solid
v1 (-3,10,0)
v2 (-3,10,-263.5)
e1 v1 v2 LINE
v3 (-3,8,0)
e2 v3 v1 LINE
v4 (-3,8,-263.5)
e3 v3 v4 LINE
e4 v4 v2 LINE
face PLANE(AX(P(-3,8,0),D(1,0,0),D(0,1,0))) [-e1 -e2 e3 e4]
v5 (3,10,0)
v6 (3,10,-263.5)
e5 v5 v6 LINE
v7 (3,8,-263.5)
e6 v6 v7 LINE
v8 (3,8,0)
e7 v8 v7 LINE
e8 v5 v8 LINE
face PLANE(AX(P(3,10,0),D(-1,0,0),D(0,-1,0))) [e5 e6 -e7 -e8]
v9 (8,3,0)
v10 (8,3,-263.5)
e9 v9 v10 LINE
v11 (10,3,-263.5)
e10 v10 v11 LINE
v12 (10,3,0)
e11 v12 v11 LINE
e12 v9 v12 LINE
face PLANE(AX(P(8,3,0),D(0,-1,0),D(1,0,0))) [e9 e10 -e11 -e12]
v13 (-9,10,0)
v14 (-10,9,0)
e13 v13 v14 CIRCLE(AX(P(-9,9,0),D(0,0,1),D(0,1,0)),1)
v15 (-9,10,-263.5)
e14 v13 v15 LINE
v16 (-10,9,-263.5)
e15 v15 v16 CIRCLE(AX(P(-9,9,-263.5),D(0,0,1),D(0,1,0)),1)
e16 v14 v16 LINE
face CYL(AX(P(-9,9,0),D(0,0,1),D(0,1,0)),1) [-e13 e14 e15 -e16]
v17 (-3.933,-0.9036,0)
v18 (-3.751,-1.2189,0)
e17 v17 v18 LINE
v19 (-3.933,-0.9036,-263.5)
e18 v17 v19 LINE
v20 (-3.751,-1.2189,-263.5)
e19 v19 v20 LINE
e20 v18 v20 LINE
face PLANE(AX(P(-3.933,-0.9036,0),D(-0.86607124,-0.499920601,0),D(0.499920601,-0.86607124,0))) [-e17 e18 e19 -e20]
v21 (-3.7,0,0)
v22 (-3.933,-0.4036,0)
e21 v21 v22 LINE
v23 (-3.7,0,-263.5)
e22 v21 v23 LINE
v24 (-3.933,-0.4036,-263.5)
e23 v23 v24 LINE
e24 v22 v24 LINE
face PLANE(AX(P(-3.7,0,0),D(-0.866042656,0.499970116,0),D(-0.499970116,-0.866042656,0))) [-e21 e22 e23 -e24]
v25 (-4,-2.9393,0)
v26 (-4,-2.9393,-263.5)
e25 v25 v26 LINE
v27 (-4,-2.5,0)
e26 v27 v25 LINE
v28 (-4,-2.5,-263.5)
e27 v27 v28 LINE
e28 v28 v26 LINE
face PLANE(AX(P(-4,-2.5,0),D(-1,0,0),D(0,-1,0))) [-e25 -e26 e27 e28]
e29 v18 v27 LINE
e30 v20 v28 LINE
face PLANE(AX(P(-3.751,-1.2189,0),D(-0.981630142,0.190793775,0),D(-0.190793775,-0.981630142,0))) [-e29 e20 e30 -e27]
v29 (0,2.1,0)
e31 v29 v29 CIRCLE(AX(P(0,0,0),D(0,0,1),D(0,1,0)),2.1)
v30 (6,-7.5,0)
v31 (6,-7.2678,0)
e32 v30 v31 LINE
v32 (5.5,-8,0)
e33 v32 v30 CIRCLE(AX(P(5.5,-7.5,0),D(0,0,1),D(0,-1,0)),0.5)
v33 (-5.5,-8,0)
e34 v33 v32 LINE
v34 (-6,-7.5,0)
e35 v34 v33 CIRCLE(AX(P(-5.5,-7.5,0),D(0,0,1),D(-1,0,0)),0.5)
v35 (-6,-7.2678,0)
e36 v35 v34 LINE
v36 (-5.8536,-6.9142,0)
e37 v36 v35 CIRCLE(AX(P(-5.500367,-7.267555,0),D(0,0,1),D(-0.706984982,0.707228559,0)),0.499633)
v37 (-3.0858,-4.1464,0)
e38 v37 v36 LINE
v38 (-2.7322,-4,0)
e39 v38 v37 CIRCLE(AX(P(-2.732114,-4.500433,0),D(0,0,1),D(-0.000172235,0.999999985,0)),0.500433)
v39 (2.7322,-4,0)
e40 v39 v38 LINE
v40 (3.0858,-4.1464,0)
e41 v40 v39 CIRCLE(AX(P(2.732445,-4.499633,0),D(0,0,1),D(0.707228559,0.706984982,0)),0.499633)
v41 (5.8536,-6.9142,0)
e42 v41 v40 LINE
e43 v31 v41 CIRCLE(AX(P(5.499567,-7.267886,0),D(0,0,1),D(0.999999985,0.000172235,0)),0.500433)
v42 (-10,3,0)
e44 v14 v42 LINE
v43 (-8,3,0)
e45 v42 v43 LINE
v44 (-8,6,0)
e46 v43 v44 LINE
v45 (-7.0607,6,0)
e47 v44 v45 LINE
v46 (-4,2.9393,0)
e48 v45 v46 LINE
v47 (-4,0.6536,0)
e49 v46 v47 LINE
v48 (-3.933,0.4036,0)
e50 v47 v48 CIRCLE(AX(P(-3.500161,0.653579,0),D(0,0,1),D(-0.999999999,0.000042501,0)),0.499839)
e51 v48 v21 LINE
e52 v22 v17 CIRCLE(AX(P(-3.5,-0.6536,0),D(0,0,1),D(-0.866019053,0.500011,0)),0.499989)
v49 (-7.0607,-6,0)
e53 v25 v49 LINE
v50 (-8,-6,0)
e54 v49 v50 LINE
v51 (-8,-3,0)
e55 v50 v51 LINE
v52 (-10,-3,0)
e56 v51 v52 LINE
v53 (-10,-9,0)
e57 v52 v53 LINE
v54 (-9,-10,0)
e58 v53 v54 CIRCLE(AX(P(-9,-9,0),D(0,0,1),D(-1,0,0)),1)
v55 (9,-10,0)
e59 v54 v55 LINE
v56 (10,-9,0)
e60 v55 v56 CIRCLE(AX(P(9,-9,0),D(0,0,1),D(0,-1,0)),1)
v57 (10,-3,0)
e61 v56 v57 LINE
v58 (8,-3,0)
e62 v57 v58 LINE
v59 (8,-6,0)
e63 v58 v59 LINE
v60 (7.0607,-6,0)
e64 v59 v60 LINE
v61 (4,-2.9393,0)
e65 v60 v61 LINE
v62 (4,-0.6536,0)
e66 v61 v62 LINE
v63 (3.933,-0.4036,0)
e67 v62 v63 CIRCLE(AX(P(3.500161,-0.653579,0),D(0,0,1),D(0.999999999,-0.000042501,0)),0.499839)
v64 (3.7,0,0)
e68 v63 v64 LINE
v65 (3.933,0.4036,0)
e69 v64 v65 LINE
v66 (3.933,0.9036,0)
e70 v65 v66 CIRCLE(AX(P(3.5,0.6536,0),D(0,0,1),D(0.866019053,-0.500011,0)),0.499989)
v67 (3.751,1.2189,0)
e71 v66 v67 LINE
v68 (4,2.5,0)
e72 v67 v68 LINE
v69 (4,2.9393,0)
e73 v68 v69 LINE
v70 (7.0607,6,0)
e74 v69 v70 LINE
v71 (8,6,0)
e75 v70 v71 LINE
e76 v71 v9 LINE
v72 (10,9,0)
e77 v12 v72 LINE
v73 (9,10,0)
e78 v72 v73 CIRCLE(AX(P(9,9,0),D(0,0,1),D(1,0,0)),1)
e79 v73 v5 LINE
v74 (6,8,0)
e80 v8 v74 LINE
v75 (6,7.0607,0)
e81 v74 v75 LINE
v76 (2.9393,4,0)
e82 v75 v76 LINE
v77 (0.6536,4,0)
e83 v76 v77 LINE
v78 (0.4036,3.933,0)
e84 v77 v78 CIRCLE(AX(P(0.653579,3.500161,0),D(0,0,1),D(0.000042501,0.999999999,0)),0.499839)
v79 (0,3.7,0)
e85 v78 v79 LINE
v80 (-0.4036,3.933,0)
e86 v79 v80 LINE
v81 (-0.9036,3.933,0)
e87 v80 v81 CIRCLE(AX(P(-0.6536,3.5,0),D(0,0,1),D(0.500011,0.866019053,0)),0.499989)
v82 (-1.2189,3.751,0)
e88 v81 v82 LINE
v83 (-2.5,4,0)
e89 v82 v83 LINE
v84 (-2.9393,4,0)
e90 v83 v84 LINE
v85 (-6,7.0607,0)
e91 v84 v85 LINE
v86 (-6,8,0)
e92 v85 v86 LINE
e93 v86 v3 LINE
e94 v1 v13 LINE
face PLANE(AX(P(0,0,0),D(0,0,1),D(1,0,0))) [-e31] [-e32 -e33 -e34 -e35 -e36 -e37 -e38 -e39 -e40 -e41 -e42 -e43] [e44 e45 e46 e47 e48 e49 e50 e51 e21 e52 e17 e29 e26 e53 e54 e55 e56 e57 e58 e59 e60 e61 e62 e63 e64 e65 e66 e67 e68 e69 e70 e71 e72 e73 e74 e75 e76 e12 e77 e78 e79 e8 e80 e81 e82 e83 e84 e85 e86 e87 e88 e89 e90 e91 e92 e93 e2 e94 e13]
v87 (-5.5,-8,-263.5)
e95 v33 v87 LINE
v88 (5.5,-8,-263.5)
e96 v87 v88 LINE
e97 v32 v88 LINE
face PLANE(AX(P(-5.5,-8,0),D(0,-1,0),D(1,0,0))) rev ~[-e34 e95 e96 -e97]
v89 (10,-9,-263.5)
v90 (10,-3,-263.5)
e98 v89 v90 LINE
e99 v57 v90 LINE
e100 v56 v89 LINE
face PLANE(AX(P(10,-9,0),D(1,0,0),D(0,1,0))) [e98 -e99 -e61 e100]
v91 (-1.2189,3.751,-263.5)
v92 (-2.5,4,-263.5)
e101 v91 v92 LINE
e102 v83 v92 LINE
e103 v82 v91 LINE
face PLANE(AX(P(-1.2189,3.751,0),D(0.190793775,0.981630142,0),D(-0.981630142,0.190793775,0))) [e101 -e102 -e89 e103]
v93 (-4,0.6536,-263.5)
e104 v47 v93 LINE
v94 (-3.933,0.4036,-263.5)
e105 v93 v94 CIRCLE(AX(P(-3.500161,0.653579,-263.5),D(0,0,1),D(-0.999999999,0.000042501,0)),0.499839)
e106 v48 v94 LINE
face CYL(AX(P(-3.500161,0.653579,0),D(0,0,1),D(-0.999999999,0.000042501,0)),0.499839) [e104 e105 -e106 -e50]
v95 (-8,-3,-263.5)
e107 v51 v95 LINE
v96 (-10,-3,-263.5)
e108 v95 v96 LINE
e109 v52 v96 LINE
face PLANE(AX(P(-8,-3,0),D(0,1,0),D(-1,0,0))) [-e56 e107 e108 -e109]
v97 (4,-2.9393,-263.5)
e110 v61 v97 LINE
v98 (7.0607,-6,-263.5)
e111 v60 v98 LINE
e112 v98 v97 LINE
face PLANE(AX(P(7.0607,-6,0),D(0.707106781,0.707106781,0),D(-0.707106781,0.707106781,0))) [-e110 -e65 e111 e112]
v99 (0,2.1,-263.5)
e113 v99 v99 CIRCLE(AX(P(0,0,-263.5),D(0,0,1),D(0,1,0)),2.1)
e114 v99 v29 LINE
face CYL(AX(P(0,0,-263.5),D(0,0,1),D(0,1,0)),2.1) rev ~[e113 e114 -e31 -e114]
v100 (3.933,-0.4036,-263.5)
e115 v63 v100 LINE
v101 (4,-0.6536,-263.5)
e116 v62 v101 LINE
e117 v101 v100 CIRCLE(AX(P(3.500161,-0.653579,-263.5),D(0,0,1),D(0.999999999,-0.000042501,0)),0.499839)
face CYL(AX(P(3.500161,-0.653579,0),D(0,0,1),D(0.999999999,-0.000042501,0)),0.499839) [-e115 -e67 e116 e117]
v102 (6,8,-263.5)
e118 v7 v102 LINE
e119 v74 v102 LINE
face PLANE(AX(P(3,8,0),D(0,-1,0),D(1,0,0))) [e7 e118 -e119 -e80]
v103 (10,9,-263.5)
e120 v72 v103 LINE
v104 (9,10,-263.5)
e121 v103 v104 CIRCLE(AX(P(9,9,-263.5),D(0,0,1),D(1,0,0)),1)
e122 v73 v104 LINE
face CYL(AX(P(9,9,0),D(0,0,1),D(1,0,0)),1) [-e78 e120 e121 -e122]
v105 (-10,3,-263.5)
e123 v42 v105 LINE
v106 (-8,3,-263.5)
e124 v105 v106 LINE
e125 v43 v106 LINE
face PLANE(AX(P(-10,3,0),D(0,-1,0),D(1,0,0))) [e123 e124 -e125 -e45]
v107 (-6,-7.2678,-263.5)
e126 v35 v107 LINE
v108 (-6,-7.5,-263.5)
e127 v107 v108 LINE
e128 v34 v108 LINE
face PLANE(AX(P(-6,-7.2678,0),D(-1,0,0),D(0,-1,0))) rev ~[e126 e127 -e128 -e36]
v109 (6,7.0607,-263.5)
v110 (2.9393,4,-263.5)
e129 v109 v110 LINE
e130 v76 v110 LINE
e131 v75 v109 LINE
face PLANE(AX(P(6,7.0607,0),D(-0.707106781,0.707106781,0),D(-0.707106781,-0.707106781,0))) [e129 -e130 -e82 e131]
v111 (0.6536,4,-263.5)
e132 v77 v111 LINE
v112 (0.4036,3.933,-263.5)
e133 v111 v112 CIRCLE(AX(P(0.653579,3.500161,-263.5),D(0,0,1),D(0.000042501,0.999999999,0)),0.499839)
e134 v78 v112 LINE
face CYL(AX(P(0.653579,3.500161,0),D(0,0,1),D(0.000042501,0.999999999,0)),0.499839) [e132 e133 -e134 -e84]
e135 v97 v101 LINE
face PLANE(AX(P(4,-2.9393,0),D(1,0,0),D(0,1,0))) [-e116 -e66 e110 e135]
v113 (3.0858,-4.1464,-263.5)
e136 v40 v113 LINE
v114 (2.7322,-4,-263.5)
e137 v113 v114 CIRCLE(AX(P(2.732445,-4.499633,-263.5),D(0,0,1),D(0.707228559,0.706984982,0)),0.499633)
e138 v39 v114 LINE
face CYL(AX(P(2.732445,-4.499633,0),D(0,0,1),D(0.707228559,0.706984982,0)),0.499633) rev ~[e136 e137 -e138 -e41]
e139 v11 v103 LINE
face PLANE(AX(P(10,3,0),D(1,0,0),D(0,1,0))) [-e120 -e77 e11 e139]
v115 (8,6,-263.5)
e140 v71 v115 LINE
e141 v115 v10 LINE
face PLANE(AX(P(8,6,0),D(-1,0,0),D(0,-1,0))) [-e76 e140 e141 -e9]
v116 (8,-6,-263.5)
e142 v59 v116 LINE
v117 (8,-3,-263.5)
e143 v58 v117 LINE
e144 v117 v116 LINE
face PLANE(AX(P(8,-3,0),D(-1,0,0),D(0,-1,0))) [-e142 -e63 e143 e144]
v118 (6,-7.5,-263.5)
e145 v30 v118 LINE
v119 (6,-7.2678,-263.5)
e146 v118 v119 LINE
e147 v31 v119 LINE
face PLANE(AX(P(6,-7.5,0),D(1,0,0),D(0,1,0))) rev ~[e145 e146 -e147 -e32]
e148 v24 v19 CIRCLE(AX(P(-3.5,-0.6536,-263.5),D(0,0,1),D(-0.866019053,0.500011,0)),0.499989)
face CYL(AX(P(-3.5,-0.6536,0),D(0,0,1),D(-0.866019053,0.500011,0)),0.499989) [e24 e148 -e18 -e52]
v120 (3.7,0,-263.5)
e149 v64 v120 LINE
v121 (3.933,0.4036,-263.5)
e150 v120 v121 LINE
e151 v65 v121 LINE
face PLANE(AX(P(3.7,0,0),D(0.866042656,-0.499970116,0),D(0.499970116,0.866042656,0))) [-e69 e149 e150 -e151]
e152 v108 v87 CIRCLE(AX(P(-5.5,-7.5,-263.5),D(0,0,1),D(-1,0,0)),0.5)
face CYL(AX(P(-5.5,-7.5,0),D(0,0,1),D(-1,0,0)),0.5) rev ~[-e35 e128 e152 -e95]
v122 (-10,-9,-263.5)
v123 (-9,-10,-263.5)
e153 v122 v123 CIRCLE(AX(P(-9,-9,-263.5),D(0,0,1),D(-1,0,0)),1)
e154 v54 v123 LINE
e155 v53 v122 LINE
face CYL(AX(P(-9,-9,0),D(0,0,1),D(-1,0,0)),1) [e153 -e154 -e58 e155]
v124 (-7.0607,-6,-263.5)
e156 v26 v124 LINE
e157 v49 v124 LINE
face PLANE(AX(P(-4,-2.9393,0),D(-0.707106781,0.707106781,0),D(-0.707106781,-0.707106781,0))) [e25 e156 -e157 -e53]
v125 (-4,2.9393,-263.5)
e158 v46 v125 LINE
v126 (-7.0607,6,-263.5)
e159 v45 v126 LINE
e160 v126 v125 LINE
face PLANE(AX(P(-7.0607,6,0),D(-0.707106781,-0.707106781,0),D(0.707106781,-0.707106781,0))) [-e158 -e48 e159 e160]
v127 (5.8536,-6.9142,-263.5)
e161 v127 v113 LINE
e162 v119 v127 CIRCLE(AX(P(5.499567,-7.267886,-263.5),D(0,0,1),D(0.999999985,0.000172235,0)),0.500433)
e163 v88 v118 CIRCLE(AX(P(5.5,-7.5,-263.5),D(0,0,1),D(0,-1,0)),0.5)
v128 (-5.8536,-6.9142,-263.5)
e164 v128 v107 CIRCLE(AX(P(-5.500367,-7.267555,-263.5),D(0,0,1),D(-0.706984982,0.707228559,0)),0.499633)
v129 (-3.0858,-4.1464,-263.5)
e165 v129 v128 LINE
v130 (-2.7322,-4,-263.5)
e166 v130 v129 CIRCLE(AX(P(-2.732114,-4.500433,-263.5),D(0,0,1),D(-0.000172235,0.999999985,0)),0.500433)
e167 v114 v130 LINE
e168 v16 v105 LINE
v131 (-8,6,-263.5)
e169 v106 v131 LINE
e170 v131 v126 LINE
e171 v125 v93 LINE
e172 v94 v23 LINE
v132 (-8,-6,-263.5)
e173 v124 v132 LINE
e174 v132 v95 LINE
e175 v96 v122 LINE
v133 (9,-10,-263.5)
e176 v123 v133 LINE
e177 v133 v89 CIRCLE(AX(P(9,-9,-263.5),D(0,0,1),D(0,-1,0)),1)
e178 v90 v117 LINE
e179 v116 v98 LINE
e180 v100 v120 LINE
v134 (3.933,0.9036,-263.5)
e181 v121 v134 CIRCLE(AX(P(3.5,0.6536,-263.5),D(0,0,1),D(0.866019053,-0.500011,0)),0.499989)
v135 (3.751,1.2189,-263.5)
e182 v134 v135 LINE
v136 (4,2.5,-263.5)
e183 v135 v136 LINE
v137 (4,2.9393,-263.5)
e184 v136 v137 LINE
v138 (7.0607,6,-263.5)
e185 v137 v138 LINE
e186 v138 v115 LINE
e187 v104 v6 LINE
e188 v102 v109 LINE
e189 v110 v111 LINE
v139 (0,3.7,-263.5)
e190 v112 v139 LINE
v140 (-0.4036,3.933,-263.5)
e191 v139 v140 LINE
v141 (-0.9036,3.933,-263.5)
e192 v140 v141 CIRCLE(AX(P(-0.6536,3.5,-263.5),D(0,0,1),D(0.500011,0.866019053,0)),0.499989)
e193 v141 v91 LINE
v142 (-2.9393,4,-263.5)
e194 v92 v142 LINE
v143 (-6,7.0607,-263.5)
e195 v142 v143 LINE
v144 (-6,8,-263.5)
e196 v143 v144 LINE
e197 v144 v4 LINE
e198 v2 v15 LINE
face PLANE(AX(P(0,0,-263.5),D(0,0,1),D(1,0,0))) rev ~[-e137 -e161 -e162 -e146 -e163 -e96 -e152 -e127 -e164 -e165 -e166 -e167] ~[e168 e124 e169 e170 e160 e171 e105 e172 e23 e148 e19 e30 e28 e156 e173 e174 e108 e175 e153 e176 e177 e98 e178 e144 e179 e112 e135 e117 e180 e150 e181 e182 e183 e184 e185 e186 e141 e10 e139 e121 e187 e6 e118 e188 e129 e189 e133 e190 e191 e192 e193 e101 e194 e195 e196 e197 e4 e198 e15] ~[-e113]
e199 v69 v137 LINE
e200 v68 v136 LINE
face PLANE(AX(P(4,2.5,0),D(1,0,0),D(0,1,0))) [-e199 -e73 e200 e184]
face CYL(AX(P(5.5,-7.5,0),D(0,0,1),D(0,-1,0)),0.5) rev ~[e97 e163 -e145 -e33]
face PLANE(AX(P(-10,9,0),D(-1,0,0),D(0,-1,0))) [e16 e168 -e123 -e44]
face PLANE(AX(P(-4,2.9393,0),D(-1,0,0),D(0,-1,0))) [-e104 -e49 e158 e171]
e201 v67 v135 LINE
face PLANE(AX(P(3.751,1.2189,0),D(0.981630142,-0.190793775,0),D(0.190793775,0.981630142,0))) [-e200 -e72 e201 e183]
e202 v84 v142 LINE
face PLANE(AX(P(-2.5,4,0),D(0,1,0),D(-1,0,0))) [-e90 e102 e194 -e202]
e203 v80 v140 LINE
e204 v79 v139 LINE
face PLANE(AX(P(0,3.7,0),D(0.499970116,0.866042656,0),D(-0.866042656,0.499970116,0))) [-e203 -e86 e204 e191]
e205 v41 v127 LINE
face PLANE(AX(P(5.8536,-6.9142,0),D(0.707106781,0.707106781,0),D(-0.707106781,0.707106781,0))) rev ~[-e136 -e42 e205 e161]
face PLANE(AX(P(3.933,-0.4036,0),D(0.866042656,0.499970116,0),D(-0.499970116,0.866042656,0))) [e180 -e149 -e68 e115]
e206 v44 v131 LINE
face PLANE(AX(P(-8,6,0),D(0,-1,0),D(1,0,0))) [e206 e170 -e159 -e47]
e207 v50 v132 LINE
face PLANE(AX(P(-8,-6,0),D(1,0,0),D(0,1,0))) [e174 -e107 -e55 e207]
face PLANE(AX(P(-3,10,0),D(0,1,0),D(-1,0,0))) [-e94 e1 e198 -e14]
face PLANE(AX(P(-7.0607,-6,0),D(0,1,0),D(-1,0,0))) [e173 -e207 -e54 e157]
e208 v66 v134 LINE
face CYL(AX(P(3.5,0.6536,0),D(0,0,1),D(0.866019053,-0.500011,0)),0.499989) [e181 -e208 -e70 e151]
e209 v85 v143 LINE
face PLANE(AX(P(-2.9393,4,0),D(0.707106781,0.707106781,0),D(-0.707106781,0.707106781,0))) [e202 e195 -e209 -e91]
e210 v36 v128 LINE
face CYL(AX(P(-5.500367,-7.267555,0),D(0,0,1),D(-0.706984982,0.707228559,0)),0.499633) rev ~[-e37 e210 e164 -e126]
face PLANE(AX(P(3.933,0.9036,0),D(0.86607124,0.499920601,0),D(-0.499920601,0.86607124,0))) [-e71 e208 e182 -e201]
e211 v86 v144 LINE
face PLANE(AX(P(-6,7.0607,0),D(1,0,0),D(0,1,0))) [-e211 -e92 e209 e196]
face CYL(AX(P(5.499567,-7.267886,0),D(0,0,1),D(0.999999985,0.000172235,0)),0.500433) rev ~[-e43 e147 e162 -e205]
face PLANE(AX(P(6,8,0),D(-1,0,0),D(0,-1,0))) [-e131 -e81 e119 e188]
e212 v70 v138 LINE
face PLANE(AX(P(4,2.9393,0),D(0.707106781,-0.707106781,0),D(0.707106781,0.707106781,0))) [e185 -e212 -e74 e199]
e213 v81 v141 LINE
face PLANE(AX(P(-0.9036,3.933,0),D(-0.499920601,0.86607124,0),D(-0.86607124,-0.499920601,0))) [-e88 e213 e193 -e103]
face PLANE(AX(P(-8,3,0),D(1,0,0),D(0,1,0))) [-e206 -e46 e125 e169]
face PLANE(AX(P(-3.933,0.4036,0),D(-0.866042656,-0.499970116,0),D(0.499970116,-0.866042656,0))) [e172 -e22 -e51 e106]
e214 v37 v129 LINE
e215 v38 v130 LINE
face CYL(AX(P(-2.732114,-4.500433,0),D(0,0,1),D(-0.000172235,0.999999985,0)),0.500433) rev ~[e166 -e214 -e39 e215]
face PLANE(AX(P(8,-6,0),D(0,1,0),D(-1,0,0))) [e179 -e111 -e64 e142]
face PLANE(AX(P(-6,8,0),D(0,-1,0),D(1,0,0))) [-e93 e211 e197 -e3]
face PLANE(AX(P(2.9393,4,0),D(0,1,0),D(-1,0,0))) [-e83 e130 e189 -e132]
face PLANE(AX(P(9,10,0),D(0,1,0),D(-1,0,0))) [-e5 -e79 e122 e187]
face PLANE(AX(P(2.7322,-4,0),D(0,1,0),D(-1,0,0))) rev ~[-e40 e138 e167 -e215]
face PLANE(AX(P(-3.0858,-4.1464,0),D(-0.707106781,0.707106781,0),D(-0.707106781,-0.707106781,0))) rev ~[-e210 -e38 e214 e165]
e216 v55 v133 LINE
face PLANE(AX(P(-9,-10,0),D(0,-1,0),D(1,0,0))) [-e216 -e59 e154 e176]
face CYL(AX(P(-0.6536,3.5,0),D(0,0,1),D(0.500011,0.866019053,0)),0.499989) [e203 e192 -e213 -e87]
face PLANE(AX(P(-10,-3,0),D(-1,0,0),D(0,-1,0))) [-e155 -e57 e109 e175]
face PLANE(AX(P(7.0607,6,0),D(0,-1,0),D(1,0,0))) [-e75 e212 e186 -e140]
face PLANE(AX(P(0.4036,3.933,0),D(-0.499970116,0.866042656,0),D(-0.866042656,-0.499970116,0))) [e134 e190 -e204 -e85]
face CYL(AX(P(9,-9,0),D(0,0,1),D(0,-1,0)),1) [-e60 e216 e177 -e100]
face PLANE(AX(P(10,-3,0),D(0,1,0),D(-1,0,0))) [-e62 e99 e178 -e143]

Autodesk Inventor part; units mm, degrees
sketch "Sketch_76" plane through (0, 0, 0) normal (0, 0, 1) x (1, 0, 0)
  line L0 (-10, -3) -> (-10, -9)
  arc A0 (-10, -9) -> (-9, -10) centre (-9, -9) ccw
  line L1 (-9, -10) -> (9, -10)
  arc A1 (9, -10) -> (10, -9) centre (9, -9) ccw
  line L2 (10, -9) -> (10, -3)
  line L3 (10, -3) -> (8, -3)
  line L4 (8, -3) -> (8, -6)
  line L5 (8, -6) -> (7.0607, -6)
  line L6 (7.0607, -6) -> (4, -2.9393)
  line L7 (4, -2.9393) -> (4, -0.6536)
  arc A2 (4, -0.6536) -> (3.933, -0.4036) centre (3.5, -0.6536) ccw
  line L8 (3.933, -0.4036) -> (3.7, 0)
  line L9 (3.7, 0) -> (3.933, 0.4036)
  arc A3 (3.933, 0.4036) -> (3.933, 0.9036) centre (3.5, 0.6536) ccw
  line L10 (3.933, 0.9036) -> (3.751, 1.2189)
  line L11 (3.751, 1.2189) -> (4, 2.5)
  line L12 (4, 2.5) -> (4, 2.9393)
  line L13 (4, 2.9393) -> (7.0607, 6)
  line L14 (7.0607, 6) -> (8, 6)
  line L15 (8, 6) -> (8, 3)
  line L16 (8, 3) -> (10, 3)
  line L17 (10, 3) -> (10, 9)
  arc A4 (10, 9) -> (9, 10) centre (9, 9) ccw
  line L18 (9, 10) -> (3, 10)
  line L19 (3, 10) -> (3, 8)
  line L20 (3, 8) -> (6, 8)
  line L21 (6, 8) -> (6, 7.0607)
  line L22 (6, 7.0607) -> (2.9393, 4)
  line L23 (2.9393, 4) -> (0.6536, 4)
  arc A5 (0.6536, 4) -> (0.4036, 3.933) centre (0.6536, 3.5) ccw
  line L24 (0.4036, 3.933) -> (0, 3.7)
  line L25 (0, 3.7) -> (-0.4036, 3.933)
  arc A6 (-0.4036, 3.933) -> (-0.9036, 3.933) centre (-0.6536, 3.5) ccw
  line L26 (-0.9036, 3.933) -> (-1.2189, 3.751)
  line L27 (-1.2189, 3.751) -> (-2.5, 4)
  line L28 (-2.5, 4) -> (-2.9393, 4)
  line L29 (-2.9393, 4) -> (-6, 7.0607)
  line L30 (-6, 7.0607) -> (-6, 8)
  line L31 (-6, 8) -> (-3, 8)
  line L32 (-3, 8) -> (-3, 10)
  line L33 (-3, 10) -> (-9, 10)
  arc A7 (-9, 10) -> (-10, 9) centre (-9, 9) ccw
  line L34 (-10, 9) -> (-10, 3)
  line L35 (-10, 3) -> (-8, 3)
  line L36 (-8, 3) -> (-8, 6)
  line L37 (-8, 6) -> (-7.0607, 6)
  line L38 (-7.0607, 6) -> (-4, 2.9393)
  line L39 (-4, 2.9393) -> (-4, 0.6536)
  arc A8 (-4, 0.6536) -> (-3.933, 0.4036) centre (-3.5, 0.6536) ccw
  line L40 (-3.933, 0.4036) -> (-3.7, 0)
  line L41 (-3.7, 0) -> (-3.933, -0.4036)
  arc A9 (-3.933, -0.4036) -> (-3.933, -0.9036) centre (-3.5, -0.6536) ccw
  line L42 (-3.933, -0.9036) -> (-3.751, -1.2189)
  line L43 (-3.751, -1.2189) -> (-4, -2.5)
  line L44 (-4, -2.5) -> (-4, -2.9393)
  line L45 (-4, -2.9393) -> (-7.0607, -6)
  line L46 (-7.0607, -6) -> (-8, -6)
  line L47 (-8, -6) -> (-8, -3)
  line L48 (-8, -3) -> (-10, -3)
  line L49 (-6, -7.2678) -> (-6, -7.5)
  arc A10 (-6, -7.5) -> (-5.5, -8) centre (-5.5, -7.5) ccw
  line L50 (-5.5, -8) -> (5.5, -8)
  arc A11 (5.5, -8) -> (6, -7.5) centre (5.5, -7.5) ccw
  line L51 (6, -7.5) -> (6, -7.2678)
  arc A12 (6, -7.2678) -> (5.8536, -6.9142) centre (5.5, -7.2678) ccw
  line L52 (5.8536, -6.9142) -> (3.0858, -4.1464)
  arc A13 (3.0858, -4.1464) -> (2.7322, -4) centre (2.7322, -4.5) ccw
  line L53 (2.7322, -4) -> (-2.7322, -4)
  arc A14 (-2.7322, -4) -> (-3.0858, -4.1464) centre (-2.7322, -4.5) ccw
  line L54 (-3.0858, -4.1464) -> (-5.8536, -6.9142)
  arc A15 (-5.8536, -6.9142) -> (-6, -7.2678) centre (-5.5, -7.2678) ccw
extrude "Extrusion1" add sketch "Sketch_76" against normal blind 263.5
sketch "Sketch2" plane through (0, 0, -263.5) normal (0, 0, -1) x (-1, 0, 0)
  point P0 (0, 0)
hole "Hole1" at (0, 0, -263.5) direction (0, 0, 1) diameter 4.2 depth 263.5
ref_plane "C1_XY" through (0, 0, 0) normal (0, 0, 1) x (1, 0, 0)
ref_plane "C1_YZ" through (0, 0, 0) normal (1, 0, 0) x (0, 1, 0)
ref_plane "C1_ZX" through (0, 0, 0) normal (0, 1, 0) x (0, 0, 1)
properties part number "NFSF5-2020-263.5"
